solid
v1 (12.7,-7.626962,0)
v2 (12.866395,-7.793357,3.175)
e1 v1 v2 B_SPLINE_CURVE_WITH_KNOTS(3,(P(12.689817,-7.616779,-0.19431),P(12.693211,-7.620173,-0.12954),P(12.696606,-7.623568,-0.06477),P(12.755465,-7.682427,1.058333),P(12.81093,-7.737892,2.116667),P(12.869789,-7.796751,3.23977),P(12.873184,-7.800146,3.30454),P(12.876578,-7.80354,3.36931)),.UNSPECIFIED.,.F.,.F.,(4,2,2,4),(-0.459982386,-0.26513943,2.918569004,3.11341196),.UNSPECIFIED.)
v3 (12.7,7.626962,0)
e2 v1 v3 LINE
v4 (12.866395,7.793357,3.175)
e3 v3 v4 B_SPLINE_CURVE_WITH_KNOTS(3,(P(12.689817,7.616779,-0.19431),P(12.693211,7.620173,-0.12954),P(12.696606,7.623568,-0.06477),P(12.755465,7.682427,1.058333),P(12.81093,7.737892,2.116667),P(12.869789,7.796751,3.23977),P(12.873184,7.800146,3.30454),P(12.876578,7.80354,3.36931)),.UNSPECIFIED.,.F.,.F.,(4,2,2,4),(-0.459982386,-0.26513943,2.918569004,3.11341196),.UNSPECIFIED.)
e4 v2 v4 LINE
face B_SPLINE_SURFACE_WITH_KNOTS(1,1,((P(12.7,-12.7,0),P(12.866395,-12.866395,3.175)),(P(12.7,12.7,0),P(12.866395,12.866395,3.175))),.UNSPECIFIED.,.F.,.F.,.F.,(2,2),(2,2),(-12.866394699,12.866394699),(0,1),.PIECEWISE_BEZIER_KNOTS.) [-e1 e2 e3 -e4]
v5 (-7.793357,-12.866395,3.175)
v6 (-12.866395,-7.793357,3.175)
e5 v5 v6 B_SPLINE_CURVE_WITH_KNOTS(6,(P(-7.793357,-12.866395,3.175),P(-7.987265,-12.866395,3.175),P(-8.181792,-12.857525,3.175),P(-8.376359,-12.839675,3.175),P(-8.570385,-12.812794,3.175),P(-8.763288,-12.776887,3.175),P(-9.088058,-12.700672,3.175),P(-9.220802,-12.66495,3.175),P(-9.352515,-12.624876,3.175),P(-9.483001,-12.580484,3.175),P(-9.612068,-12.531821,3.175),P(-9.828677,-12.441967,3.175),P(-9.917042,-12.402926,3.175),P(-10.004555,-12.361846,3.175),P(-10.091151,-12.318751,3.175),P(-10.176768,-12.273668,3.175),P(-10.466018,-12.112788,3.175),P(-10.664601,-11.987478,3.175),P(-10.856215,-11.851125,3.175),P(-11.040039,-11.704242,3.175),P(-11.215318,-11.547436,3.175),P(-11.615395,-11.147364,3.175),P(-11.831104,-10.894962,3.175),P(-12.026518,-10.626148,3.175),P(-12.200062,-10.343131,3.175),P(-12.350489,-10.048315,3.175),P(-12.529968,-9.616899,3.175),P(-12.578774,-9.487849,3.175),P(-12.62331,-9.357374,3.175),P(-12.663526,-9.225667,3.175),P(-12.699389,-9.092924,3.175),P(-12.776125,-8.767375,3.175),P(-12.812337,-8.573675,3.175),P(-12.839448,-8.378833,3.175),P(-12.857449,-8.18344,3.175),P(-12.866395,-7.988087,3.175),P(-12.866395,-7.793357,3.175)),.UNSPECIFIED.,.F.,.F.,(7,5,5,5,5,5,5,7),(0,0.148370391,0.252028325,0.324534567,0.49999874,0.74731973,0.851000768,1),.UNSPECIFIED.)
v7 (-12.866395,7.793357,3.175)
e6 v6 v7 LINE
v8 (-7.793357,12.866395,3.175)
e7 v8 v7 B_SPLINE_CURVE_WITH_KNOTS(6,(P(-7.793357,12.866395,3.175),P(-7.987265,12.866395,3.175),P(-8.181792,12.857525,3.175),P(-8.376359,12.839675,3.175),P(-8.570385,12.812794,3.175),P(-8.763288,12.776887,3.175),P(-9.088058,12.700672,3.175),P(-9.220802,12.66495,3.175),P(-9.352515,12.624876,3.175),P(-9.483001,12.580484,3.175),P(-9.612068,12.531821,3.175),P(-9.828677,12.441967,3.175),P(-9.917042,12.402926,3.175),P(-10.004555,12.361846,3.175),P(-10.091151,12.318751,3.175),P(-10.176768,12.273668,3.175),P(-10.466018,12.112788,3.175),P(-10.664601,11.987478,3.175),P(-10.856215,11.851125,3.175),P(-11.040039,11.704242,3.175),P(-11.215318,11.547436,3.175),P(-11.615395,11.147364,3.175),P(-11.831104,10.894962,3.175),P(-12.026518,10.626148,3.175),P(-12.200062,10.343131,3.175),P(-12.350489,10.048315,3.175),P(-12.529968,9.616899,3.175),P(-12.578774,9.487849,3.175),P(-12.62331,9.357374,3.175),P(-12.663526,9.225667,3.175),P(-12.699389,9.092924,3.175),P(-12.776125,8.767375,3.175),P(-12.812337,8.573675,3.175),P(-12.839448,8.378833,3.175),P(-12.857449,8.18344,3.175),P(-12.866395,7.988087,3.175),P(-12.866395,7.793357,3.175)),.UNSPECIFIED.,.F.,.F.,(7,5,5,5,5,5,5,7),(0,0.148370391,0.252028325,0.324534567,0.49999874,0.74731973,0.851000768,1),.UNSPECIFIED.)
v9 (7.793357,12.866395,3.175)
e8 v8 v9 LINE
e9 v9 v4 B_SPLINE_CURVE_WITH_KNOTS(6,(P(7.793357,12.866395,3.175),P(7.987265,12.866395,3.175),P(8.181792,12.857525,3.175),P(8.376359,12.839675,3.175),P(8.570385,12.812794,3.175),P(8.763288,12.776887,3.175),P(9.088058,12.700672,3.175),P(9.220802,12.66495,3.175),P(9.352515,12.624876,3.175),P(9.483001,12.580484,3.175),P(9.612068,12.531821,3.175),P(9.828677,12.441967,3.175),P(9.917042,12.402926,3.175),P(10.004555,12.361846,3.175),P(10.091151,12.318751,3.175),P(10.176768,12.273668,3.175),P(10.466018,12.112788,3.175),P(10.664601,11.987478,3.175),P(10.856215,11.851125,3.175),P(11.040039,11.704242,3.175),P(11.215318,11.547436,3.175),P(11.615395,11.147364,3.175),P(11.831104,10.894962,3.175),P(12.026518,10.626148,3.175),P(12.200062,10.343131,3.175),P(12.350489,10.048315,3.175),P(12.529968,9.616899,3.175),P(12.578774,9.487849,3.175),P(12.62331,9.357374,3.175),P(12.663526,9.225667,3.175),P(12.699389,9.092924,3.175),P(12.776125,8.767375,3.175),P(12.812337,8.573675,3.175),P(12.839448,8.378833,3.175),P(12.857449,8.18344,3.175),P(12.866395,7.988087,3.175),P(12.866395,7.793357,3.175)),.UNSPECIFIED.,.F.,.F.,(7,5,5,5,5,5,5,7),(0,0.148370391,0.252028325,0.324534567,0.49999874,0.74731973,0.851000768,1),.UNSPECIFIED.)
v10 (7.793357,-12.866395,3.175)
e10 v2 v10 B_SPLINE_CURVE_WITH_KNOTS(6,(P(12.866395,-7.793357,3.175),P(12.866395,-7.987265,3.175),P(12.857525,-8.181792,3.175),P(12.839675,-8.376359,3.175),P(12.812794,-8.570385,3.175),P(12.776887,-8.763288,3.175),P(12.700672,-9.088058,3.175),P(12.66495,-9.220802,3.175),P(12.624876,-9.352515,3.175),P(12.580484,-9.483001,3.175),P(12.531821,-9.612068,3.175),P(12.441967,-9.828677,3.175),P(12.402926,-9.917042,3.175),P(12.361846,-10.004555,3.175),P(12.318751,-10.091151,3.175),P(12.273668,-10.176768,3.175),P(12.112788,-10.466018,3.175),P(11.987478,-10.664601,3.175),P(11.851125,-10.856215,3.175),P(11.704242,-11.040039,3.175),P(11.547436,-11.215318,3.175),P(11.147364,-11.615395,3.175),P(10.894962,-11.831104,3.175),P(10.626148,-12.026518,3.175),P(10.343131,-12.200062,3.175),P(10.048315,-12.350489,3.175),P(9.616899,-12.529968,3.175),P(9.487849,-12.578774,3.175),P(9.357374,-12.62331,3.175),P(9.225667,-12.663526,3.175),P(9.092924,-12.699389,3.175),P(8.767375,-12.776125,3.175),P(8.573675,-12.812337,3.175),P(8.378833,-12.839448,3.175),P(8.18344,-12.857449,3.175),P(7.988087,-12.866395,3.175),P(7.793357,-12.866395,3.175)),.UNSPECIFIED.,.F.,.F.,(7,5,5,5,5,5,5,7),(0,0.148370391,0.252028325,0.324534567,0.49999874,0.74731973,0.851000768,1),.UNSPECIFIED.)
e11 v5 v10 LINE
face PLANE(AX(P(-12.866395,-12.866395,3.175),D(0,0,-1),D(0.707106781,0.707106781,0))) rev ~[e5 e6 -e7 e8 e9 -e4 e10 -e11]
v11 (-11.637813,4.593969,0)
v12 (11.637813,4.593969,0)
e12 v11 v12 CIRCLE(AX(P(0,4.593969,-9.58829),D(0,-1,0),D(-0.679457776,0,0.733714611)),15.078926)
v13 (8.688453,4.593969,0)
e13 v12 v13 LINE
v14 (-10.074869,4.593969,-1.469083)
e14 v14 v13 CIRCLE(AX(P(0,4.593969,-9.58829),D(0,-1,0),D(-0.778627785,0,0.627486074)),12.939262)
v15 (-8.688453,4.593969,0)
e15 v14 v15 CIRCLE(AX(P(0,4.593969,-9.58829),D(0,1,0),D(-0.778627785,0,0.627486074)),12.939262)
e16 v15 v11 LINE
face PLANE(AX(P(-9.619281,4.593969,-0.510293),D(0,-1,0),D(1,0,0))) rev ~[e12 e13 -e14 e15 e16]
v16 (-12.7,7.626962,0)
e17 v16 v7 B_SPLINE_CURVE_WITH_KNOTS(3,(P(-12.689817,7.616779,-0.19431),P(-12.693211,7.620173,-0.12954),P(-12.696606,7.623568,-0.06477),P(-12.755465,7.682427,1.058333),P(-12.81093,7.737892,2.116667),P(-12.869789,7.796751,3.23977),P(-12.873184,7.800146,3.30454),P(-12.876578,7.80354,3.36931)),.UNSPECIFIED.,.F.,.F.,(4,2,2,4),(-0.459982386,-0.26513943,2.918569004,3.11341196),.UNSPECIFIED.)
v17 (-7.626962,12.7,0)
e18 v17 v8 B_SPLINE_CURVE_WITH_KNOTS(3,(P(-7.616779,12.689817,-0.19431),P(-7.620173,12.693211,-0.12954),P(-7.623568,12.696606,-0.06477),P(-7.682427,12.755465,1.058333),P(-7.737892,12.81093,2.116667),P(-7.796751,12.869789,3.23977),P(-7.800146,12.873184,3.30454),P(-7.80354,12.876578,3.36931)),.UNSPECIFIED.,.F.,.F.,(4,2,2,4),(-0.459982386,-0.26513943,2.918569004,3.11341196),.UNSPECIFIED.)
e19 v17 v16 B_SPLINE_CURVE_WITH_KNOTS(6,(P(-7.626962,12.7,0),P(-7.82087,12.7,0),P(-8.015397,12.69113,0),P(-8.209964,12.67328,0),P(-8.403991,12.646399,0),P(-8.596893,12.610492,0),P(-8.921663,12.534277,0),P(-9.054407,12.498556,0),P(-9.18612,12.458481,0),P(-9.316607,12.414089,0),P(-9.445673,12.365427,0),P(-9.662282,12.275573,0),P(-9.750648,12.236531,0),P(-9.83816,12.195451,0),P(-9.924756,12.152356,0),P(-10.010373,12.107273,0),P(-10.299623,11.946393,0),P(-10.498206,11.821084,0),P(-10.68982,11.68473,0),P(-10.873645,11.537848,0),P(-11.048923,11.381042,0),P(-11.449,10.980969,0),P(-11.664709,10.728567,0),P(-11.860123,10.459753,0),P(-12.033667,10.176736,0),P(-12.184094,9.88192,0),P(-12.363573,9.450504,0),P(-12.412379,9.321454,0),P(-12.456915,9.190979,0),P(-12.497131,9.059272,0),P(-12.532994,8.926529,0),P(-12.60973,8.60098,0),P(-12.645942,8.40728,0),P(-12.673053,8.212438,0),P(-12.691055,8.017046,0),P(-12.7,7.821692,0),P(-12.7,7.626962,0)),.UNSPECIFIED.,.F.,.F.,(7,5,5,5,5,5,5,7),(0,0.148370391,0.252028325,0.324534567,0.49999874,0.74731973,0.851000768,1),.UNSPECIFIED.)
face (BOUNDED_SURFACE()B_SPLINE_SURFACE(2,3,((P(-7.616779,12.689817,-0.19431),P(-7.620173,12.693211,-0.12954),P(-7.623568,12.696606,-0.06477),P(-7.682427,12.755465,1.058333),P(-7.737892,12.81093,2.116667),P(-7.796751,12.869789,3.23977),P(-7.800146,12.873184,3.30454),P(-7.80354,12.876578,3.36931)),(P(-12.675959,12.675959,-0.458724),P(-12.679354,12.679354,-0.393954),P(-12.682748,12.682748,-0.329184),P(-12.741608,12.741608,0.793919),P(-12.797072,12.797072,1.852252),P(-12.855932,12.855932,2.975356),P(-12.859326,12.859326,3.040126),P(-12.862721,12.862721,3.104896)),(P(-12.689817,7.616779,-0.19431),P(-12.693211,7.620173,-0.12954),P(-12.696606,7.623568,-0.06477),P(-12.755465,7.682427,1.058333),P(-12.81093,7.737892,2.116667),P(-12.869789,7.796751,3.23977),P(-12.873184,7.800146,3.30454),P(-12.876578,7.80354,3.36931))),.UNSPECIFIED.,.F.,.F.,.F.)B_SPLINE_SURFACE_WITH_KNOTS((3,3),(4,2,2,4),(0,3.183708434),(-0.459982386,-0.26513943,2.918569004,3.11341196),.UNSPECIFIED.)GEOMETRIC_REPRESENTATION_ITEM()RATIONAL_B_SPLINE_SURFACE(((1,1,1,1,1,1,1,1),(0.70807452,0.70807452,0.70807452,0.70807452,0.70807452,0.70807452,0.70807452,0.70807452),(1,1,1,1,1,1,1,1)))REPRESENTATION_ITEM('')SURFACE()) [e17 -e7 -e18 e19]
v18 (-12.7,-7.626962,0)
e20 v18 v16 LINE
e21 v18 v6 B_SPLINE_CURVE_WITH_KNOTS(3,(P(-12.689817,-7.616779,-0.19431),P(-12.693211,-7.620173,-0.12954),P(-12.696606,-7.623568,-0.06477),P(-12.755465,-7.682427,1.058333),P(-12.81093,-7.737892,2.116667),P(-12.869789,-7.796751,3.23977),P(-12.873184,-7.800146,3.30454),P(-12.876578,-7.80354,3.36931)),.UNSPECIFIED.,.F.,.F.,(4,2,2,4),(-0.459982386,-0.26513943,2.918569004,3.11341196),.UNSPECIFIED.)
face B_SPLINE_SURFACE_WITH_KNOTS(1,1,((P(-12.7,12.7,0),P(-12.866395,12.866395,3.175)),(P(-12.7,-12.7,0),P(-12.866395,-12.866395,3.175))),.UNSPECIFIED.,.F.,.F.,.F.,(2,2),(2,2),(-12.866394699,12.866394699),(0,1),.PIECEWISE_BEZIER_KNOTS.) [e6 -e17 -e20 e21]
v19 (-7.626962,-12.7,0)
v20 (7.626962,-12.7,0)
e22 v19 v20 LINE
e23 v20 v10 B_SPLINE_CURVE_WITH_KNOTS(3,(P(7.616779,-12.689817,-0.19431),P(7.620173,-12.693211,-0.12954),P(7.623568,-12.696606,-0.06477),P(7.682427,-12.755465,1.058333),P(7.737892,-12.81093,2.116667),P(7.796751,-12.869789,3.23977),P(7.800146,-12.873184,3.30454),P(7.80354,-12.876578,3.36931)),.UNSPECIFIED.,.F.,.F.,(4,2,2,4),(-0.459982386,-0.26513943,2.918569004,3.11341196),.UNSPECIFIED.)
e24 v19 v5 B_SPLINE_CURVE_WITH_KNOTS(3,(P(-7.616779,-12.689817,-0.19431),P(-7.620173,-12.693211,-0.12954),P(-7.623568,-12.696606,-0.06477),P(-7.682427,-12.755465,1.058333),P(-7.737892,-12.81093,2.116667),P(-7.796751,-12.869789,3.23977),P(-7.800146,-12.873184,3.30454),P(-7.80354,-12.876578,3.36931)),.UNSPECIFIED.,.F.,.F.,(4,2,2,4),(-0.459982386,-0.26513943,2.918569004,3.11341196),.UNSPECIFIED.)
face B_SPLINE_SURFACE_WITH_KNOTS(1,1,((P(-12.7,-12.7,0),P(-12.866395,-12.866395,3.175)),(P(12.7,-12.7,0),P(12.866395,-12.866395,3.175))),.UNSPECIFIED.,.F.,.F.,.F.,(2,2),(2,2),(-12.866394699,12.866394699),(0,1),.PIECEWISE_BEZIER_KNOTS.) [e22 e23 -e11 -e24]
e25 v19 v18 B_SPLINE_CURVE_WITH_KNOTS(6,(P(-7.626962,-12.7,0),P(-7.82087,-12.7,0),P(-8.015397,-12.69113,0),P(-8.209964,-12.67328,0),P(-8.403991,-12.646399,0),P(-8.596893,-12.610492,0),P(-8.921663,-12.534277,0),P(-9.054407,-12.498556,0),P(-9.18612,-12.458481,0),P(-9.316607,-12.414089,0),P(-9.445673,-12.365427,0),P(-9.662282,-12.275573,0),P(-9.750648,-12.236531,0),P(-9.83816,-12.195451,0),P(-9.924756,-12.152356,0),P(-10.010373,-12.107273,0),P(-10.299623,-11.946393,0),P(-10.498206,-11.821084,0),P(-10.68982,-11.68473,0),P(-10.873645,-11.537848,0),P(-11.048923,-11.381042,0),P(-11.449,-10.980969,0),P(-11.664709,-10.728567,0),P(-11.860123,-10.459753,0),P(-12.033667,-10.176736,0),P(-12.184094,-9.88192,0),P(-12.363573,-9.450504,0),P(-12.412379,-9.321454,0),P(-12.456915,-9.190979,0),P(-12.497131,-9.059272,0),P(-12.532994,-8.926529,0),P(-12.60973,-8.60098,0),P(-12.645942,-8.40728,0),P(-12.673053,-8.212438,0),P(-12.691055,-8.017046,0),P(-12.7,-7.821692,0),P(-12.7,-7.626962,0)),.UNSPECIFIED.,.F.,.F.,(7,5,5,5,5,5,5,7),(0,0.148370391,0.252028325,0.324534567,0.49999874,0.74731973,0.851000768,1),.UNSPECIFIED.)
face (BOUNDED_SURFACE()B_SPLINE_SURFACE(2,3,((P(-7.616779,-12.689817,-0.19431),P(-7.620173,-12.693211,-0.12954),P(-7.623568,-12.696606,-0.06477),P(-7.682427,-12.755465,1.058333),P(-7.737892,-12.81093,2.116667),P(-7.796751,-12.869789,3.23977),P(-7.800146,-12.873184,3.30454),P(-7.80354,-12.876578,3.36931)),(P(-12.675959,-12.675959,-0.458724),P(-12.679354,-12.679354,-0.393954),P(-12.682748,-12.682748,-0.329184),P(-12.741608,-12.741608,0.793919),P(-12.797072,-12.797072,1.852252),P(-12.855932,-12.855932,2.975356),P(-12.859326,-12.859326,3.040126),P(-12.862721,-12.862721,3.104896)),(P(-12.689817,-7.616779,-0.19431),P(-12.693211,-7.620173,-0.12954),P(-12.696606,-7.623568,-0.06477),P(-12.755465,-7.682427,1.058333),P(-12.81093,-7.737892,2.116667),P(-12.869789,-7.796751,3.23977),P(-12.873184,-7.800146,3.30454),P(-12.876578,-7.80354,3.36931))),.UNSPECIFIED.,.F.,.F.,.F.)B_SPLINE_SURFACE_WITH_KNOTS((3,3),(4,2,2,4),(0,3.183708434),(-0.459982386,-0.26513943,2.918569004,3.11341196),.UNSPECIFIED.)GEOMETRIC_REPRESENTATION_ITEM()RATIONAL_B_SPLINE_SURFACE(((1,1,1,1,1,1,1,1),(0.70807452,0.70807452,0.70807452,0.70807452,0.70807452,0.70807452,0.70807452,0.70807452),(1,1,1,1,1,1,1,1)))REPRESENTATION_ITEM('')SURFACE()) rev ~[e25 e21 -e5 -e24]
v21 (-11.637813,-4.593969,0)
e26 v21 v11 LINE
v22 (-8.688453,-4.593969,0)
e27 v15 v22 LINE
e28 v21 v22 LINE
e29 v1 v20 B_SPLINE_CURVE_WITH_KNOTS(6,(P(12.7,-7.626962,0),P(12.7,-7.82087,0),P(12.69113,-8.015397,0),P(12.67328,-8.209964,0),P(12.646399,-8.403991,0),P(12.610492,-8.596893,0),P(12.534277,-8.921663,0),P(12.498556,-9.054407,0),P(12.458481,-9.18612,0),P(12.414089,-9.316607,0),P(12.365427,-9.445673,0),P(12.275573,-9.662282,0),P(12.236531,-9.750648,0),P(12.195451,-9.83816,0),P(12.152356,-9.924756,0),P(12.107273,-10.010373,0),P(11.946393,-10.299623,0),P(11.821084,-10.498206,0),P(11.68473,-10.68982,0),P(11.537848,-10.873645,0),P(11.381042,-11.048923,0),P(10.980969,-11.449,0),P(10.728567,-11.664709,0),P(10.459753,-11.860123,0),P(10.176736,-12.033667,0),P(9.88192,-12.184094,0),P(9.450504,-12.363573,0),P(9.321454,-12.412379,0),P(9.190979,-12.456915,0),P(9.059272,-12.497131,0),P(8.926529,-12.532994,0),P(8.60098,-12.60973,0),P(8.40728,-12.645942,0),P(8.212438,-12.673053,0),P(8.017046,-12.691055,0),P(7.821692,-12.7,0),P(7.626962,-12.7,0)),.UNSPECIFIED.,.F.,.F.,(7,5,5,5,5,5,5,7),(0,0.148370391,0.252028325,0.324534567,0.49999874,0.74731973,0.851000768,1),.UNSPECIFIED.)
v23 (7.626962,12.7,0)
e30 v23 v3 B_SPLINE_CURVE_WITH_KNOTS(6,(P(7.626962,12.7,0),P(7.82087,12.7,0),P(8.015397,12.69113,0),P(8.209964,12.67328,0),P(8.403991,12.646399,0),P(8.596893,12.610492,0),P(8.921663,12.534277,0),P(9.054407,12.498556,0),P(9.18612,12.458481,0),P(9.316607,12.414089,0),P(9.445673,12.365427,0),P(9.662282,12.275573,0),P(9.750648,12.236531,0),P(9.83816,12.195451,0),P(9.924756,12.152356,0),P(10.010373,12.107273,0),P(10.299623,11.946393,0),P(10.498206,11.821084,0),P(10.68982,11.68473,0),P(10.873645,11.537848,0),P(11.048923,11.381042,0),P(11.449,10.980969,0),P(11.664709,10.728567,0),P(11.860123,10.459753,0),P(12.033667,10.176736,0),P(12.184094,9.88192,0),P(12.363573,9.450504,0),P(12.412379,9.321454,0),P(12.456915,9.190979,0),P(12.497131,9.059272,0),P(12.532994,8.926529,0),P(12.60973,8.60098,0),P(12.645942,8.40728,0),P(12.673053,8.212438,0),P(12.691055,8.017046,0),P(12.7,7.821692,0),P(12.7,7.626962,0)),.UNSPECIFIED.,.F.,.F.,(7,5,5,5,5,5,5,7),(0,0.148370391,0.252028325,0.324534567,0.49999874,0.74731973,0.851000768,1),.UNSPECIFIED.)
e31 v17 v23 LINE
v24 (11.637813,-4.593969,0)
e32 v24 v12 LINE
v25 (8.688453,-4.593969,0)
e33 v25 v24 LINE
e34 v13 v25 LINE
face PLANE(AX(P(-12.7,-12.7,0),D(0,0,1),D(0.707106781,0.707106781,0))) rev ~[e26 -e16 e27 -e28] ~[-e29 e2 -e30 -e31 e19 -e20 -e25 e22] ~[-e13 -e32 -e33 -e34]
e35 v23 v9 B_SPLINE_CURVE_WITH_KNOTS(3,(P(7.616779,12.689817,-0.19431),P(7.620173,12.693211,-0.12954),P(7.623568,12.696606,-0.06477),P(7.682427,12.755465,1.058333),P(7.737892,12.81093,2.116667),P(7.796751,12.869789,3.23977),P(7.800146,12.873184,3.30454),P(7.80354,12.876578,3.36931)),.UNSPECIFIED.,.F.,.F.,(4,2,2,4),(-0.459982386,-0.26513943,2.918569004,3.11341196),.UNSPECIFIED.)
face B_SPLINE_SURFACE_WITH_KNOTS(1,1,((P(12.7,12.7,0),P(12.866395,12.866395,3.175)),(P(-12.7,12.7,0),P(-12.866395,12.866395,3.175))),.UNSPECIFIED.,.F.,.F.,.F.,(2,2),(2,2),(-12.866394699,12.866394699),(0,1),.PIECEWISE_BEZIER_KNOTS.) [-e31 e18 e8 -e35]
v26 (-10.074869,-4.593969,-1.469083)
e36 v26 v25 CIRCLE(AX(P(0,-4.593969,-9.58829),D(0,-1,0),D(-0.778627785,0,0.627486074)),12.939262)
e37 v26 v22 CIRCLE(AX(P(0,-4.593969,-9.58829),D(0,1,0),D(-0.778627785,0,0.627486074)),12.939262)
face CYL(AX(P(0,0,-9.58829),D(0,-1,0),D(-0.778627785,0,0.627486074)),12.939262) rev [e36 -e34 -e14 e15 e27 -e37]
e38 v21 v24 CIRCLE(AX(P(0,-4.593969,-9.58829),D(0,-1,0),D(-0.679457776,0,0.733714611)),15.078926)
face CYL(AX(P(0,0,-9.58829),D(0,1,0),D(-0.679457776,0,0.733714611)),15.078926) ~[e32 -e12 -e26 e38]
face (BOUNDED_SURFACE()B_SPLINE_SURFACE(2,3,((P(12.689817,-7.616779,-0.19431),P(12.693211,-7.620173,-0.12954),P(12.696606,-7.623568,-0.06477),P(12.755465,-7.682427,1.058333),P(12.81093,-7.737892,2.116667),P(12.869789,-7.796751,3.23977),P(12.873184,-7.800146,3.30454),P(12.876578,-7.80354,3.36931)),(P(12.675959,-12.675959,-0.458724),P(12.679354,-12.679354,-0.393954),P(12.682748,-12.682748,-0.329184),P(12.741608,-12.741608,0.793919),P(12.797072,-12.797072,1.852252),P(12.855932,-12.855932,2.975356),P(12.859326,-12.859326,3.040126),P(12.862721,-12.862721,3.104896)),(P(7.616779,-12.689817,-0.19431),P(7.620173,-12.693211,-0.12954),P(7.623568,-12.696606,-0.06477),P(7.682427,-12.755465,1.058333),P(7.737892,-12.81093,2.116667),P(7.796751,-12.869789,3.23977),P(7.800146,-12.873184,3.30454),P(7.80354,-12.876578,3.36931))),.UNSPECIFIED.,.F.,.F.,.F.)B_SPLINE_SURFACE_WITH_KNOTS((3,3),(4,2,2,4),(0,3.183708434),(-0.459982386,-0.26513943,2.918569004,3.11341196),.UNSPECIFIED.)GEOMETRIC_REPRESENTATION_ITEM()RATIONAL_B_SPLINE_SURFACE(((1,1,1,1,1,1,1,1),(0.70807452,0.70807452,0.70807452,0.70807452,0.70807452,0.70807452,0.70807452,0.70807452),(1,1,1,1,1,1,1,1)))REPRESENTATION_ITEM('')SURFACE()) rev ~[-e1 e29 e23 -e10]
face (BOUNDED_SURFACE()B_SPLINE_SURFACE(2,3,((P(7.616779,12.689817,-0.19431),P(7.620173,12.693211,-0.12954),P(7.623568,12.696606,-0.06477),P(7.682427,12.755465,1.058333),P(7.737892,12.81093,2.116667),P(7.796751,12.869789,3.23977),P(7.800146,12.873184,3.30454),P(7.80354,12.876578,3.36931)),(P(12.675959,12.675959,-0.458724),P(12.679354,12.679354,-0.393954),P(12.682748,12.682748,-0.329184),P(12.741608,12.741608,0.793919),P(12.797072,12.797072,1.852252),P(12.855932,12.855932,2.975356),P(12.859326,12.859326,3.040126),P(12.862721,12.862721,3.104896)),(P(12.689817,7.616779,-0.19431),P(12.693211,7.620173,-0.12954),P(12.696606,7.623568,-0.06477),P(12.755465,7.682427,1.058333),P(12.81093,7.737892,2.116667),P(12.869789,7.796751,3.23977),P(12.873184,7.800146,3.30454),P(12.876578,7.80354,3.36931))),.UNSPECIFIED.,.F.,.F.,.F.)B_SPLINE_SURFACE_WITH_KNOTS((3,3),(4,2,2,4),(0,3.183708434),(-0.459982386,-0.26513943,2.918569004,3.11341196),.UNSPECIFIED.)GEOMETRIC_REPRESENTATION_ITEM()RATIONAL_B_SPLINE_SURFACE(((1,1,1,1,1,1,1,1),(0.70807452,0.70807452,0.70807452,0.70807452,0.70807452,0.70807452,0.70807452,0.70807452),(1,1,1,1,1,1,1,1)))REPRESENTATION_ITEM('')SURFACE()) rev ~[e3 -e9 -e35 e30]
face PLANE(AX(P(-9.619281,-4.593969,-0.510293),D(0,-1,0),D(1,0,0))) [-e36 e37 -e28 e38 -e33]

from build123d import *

# Parameters (mm, degrees)
F0_W          = 25.4
F0_H          = 25.4
F1_DEPTH      = 3.175
F1_TAPER      = -3
F3_W          = 2.9493607581
F3_H          = 9.1879377142
F6_DEPTH      = 4.5939688571
F6_DEPTH_BACK = 4.5939688571
F7_R          = 5.08


with BuildPart() as f1:
    # F0 (on Top) → F1 (new body)
    with BuildSketch(Plane.XY):
        Rectangle(F0_W, F0_H)
    extrude(amount=F1_DEPTH, taper=F1_TAPER)

    # F4: sweep along a path in F2
    with BuildLine(Plane.XZ) as f4_path:
        ThreePointArc((-10.16, 0), (0, -23.5582897328), (10.16, 0))
    # F3 (on face) → F4 (sweep)
    with BuildSketch(Plane.XY):
        with Locations((10.1631330326, 0)):
            Rectangle(F3_W, F3_H)
    sweep(path=f4_path.line)

    # F5 (on Front) → F6 (join, two sides)
    with BuildSketch(Plane.XZ) as f6_sk:
        with BuildLine():
            Line((-10.16, 0), (-10.0748691618, -1.4690828204))
            ThreePointArc((-10.0748691618, -1.4690828204), (-9.4103726, -0.7074453448), (-8.6884526536, 0))
            Line((-8.6884526536, 0), (-10.16, 0))
        make_face()
    extrude(amount=F6_DEPTH)
    extrude(f6_sk.sketch, amount=-F6_DEPTH_BACK)

    # F7
    f7_edges = [f1.edges().sort_by_distance(p)[0] for p in [
        (-12.783197, 12.783197, 1.5875),
        (-12.783197, -12.783197, 1.5875),
        (12.783197, -12.783197, 1.5875),
        (12.783197, 12.783197, 1.5875),
    ]]
    fillet(f7_edges, radius=F7_R)


solid = f1.part
